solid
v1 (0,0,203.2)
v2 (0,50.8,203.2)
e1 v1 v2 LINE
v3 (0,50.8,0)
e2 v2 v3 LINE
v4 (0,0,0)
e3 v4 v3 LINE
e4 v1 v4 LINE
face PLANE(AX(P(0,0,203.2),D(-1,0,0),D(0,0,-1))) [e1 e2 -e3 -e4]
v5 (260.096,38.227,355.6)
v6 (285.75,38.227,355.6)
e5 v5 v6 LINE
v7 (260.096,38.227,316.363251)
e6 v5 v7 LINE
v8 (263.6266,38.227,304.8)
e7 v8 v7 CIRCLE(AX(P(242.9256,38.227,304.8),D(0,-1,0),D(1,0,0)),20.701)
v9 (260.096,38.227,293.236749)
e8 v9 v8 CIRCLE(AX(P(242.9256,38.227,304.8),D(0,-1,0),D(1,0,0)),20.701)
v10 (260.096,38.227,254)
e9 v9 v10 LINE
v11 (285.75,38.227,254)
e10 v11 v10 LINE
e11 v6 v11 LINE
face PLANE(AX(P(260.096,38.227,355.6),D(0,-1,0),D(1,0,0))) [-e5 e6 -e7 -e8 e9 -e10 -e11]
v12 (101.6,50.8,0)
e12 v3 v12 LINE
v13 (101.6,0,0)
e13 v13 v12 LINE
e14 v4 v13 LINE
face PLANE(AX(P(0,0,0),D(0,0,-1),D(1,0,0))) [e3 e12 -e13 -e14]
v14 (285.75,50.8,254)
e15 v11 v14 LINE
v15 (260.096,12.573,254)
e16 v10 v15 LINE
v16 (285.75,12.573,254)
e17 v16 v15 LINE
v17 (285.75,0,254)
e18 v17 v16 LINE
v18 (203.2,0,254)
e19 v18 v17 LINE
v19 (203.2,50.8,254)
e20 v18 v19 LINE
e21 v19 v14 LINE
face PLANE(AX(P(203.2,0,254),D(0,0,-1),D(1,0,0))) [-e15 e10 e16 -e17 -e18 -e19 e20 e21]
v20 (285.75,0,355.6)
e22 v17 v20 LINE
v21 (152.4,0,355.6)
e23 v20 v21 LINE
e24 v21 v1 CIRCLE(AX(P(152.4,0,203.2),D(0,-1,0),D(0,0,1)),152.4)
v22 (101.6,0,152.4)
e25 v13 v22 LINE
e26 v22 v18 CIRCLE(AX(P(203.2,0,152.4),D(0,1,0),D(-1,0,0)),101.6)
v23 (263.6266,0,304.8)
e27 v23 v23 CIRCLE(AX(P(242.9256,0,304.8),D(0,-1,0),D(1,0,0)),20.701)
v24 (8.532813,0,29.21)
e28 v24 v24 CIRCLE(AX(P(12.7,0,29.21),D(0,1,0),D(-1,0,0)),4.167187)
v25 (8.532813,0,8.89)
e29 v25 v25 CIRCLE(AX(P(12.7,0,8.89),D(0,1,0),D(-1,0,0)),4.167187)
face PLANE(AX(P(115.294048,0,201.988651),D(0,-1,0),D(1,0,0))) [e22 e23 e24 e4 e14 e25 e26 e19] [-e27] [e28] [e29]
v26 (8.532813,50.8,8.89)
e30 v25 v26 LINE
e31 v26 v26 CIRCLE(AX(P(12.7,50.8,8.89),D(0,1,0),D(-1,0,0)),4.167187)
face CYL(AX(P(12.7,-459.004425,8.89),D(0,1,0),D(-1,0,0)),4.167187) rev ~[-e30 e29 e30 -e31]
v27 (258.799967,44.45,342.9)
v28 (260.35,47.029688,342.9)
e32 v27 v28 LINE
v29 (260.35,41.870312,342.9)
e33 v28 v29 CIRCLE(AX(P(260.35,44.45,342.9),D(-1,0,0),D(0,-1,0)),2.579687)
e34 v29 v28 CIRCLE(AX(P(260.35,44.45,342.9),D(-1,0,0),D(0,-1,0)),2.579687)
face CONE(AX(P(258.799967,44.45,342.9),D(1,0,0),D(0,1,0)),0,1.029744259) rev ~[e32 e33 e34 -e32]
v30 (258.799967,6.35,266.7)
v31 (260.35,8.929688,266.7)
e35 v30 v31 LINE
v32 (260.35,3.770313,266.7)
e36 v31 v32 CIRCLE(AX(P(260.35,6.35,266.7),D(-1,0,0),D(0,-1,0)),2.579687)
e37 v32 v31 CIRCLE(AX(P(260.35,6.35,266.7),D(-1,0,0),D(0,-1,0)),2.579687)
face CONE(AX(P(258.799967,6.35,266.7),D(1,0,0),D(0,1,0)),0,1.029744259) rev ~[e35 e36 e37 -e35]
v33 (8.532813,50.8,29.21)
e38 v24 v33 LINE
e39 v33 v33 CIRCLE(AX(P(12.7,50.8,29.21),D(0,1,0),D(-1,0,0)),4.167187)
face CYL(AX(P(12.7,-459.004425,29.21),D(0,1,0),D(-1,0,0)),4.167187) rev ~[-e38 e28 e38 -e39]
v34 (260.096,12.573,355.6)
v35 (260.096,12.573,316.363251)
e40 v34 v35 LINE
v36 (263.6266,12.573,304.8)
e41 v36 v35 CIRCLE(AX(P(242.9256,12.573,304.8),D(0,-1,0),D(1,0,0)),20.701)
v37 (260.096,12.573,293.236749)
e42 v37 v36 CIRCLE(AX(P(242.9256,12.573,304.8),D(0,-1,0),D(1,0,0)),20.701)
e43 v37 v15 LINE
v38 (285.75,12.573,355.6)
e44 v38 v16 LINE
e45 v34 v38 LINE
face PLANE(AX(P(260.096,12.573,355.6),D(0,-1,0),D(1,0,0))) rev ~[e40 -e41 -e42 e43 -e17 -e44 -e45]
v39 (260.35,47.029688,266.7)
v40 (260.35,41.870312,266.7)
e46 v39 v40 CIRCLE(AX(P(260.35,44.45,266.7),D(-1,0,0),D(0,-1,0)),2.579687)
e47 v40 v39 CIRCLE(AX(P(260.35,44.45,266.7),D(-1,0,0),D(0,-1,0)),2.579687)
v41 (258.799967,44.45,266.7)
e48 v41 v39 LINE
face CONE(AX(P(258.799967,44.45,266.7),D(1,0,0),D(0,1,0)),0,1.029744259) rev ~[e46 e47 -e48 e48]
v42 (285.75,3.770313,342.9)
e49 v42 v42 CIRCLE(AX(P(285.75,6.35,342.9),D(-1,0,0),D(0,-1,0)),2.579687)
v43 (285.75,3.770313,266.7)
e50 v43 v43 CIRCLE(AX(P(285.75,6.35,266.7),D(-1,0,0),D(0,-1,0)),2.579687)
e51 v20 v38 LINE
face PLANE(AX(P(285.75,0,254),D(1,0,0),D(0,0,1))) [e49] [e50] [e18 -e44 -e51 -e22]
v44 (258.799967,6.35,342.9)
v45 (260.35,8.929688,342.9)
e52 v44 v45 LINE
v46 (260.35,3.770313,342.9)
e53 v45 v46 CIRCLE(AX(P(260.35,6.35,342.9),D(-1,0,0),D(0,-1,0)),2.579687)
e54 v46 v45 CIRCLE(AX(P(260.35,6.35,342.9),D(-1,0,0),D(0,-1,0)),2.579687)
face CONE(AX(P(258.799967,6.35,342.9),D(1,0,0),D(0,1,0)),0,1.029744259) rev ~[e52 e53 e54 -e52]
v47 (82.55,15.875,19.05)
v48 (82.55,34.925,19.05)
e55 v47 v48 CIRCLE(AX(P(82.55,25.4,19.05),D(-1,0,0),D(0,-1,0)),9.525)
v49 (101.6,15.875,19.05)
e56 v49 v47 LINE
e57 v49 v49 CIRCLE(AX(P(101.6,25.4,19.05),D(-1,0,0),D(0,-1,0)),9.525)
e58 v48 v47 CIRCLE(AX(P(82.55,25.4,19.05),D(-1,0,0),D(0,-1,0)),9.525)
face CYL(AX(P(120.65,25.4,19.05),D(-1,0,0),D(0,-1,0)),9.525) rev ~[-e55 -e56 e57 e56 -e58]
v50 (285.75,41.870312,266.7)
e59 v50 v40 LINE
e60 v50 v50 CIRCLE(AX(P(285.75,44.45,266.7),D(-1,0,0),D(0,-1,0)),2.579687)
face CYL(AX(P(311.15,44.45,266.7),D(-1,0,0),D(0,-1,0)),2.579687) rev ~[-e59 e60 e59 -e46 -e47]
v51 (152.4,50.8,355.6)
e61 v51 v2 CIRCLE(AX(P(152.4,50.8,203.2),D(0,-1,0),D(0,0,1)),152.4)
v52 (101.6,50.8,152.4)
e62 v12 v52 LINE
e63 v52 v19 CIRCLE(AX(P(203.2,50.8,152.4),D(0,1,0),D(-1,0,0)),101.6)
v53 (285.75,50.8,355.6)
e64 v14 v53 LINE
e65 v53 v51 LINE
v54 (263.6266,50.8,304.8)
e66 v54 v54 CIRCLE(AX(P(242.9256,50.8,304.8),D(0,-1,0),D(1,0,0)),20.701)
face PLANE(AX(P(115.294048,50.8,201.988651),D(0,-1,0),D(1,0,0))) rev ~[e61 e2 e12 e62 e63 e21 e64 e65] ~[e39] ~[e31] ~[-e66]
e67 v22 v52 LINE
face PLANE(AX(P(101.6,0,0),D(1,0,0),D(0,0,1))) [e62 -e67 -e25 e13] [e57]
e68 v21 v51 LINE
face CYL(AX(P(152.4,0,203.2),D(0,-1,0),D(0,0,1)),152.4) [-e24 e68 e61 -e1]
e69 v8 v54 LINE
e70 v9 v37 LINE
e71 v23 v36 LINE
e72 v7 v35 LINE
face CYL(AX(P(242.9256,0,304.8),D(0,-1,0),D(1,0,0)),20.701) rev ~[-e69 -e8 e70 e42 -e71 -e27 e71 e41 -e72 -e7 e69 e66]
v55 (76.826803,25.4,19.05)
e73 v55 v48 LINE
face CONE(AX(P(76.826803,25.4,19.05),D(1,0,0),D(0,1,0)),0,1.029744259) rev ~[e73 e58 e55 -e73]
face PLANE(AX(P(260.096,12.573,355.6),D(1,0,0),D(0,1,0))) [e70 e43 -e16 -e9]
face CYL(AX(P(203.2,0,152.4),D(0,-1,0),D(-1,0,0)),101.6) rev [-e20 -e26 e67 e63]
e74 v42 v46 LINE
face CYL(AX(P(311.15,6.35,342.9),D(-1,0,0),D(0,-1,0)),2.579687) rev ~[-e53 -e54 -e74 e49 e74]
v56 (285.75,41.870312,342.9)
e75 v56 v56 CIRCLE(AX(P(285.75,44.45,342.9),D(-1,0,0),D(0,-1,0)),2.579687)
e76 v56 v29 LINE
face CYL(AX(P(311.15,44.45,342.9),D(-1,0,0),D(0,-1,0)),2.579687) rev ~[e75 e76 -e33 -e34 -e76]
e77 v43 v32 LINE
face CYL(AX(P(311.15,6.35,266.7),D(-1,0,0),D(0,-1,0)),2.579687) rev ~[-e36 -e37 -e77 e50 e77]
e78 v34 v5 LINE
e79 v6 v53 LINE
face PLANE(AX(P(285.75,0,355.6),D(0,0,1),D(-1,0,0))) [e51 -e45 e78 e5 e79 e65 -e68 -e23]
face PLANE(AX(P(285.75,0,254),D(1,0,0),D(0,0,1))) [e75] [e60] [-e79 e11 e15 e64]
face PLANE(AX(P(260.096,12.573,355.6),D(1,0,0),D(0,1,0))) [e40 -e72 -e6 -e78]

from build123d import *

# Parameters (mm, degrees)
F1_DEPTH  = 50.8
F3_D      = 8.334375
F5_D      = 19.05
F5_DEPTH  = 19.05
F5_TIP    = 5.7231973962
F6_W      = 25.654
F6_H      = 25.654
F7_DEPTH  = 355.601
F8_R      = 20.701
F9_DEPTH  = 50.801
F11_D     = 5.159375
F11_DEPTH = 25.4
F11_TIP   = 1.5500326281


with BuildPart() as f1:
    # F0 (on Front) → F1 (new body)
    with BuildSketch(Plane.XZ):
        with BuildLine():
            Line((0, 203.2), (0, 0))
            Line((0, 0), (101.6, 0))
            Line((101.6, 0), (101.6, 152.4))
            ThreePointArc((101.6, 152.4), (131.3579510314, 224.2420489686), (203.2, 254))
            Line((203.2, 254), (285.75, 254))
            Line((285.75, 254), (285.75, 355.6))
            Line((285.75, 355.6), (152.4, 355.6))
            ThreePointArc((152.4, 355.6), (44.6369265472, 310.9630734528), (0, 203.2))
        make_face()
    extrude(amount=-F1_DEPTH)

    # F3 (through all)
    with Locations(Plane.XZ):
        with Locations((12.7, 29.21), (12.7, 8.89)):
            Hole(F3_D / 2)

    # F5
    with Locations(Plane.YZ.offset(101.6)):
        with Locations((25.4, 19.05)):
            Hole(F5_D / 2, depth=F5_DEPTH)
            with Locations((0, 0, -(F5_DEPTH + F5_TIP / 2))):  # 118° drill point
                Cone(0, F5_D / 2, F5_TIP, mode=Mode.SUBTRACT)

    # F6 (on face) → F7 (cut, through all)
    with BuildSketch(Plane.XY.offset(355.6)):
        with Locations((272.923, 25.4)):
            Rectangle(F6_W, F6_H)
    extrude(amount=-F7_DEPTH, mode=Mode.SUBTRACT)

    # F8 (on face) → F9 (cut, through all)
    with BuildSketch(Plane.XZ):
        with Locations((242.9256, 304.8)):
            Circle(F8_R)
    extrude(amount=-F9_DEPTH, mode=Mode.SUBTRACT)

    # F11
    with Locations(Plane.YZ.offset(285.75)):
        with Locations((6.35, 342.9), (44.45, 342.9), (6.35, 266.7), (44.45, 266.7)):
            Hole(F11_D / 2, depth=F11_DEPTH)
            with Locations((0, 0, -(F11_DEPTH + F11_TIP / 2))):  # 118° drill point
                Cone(0, F11_D / 2, F11_TIP, mode=Mode.SUBTRACT)


solid = f1.part
